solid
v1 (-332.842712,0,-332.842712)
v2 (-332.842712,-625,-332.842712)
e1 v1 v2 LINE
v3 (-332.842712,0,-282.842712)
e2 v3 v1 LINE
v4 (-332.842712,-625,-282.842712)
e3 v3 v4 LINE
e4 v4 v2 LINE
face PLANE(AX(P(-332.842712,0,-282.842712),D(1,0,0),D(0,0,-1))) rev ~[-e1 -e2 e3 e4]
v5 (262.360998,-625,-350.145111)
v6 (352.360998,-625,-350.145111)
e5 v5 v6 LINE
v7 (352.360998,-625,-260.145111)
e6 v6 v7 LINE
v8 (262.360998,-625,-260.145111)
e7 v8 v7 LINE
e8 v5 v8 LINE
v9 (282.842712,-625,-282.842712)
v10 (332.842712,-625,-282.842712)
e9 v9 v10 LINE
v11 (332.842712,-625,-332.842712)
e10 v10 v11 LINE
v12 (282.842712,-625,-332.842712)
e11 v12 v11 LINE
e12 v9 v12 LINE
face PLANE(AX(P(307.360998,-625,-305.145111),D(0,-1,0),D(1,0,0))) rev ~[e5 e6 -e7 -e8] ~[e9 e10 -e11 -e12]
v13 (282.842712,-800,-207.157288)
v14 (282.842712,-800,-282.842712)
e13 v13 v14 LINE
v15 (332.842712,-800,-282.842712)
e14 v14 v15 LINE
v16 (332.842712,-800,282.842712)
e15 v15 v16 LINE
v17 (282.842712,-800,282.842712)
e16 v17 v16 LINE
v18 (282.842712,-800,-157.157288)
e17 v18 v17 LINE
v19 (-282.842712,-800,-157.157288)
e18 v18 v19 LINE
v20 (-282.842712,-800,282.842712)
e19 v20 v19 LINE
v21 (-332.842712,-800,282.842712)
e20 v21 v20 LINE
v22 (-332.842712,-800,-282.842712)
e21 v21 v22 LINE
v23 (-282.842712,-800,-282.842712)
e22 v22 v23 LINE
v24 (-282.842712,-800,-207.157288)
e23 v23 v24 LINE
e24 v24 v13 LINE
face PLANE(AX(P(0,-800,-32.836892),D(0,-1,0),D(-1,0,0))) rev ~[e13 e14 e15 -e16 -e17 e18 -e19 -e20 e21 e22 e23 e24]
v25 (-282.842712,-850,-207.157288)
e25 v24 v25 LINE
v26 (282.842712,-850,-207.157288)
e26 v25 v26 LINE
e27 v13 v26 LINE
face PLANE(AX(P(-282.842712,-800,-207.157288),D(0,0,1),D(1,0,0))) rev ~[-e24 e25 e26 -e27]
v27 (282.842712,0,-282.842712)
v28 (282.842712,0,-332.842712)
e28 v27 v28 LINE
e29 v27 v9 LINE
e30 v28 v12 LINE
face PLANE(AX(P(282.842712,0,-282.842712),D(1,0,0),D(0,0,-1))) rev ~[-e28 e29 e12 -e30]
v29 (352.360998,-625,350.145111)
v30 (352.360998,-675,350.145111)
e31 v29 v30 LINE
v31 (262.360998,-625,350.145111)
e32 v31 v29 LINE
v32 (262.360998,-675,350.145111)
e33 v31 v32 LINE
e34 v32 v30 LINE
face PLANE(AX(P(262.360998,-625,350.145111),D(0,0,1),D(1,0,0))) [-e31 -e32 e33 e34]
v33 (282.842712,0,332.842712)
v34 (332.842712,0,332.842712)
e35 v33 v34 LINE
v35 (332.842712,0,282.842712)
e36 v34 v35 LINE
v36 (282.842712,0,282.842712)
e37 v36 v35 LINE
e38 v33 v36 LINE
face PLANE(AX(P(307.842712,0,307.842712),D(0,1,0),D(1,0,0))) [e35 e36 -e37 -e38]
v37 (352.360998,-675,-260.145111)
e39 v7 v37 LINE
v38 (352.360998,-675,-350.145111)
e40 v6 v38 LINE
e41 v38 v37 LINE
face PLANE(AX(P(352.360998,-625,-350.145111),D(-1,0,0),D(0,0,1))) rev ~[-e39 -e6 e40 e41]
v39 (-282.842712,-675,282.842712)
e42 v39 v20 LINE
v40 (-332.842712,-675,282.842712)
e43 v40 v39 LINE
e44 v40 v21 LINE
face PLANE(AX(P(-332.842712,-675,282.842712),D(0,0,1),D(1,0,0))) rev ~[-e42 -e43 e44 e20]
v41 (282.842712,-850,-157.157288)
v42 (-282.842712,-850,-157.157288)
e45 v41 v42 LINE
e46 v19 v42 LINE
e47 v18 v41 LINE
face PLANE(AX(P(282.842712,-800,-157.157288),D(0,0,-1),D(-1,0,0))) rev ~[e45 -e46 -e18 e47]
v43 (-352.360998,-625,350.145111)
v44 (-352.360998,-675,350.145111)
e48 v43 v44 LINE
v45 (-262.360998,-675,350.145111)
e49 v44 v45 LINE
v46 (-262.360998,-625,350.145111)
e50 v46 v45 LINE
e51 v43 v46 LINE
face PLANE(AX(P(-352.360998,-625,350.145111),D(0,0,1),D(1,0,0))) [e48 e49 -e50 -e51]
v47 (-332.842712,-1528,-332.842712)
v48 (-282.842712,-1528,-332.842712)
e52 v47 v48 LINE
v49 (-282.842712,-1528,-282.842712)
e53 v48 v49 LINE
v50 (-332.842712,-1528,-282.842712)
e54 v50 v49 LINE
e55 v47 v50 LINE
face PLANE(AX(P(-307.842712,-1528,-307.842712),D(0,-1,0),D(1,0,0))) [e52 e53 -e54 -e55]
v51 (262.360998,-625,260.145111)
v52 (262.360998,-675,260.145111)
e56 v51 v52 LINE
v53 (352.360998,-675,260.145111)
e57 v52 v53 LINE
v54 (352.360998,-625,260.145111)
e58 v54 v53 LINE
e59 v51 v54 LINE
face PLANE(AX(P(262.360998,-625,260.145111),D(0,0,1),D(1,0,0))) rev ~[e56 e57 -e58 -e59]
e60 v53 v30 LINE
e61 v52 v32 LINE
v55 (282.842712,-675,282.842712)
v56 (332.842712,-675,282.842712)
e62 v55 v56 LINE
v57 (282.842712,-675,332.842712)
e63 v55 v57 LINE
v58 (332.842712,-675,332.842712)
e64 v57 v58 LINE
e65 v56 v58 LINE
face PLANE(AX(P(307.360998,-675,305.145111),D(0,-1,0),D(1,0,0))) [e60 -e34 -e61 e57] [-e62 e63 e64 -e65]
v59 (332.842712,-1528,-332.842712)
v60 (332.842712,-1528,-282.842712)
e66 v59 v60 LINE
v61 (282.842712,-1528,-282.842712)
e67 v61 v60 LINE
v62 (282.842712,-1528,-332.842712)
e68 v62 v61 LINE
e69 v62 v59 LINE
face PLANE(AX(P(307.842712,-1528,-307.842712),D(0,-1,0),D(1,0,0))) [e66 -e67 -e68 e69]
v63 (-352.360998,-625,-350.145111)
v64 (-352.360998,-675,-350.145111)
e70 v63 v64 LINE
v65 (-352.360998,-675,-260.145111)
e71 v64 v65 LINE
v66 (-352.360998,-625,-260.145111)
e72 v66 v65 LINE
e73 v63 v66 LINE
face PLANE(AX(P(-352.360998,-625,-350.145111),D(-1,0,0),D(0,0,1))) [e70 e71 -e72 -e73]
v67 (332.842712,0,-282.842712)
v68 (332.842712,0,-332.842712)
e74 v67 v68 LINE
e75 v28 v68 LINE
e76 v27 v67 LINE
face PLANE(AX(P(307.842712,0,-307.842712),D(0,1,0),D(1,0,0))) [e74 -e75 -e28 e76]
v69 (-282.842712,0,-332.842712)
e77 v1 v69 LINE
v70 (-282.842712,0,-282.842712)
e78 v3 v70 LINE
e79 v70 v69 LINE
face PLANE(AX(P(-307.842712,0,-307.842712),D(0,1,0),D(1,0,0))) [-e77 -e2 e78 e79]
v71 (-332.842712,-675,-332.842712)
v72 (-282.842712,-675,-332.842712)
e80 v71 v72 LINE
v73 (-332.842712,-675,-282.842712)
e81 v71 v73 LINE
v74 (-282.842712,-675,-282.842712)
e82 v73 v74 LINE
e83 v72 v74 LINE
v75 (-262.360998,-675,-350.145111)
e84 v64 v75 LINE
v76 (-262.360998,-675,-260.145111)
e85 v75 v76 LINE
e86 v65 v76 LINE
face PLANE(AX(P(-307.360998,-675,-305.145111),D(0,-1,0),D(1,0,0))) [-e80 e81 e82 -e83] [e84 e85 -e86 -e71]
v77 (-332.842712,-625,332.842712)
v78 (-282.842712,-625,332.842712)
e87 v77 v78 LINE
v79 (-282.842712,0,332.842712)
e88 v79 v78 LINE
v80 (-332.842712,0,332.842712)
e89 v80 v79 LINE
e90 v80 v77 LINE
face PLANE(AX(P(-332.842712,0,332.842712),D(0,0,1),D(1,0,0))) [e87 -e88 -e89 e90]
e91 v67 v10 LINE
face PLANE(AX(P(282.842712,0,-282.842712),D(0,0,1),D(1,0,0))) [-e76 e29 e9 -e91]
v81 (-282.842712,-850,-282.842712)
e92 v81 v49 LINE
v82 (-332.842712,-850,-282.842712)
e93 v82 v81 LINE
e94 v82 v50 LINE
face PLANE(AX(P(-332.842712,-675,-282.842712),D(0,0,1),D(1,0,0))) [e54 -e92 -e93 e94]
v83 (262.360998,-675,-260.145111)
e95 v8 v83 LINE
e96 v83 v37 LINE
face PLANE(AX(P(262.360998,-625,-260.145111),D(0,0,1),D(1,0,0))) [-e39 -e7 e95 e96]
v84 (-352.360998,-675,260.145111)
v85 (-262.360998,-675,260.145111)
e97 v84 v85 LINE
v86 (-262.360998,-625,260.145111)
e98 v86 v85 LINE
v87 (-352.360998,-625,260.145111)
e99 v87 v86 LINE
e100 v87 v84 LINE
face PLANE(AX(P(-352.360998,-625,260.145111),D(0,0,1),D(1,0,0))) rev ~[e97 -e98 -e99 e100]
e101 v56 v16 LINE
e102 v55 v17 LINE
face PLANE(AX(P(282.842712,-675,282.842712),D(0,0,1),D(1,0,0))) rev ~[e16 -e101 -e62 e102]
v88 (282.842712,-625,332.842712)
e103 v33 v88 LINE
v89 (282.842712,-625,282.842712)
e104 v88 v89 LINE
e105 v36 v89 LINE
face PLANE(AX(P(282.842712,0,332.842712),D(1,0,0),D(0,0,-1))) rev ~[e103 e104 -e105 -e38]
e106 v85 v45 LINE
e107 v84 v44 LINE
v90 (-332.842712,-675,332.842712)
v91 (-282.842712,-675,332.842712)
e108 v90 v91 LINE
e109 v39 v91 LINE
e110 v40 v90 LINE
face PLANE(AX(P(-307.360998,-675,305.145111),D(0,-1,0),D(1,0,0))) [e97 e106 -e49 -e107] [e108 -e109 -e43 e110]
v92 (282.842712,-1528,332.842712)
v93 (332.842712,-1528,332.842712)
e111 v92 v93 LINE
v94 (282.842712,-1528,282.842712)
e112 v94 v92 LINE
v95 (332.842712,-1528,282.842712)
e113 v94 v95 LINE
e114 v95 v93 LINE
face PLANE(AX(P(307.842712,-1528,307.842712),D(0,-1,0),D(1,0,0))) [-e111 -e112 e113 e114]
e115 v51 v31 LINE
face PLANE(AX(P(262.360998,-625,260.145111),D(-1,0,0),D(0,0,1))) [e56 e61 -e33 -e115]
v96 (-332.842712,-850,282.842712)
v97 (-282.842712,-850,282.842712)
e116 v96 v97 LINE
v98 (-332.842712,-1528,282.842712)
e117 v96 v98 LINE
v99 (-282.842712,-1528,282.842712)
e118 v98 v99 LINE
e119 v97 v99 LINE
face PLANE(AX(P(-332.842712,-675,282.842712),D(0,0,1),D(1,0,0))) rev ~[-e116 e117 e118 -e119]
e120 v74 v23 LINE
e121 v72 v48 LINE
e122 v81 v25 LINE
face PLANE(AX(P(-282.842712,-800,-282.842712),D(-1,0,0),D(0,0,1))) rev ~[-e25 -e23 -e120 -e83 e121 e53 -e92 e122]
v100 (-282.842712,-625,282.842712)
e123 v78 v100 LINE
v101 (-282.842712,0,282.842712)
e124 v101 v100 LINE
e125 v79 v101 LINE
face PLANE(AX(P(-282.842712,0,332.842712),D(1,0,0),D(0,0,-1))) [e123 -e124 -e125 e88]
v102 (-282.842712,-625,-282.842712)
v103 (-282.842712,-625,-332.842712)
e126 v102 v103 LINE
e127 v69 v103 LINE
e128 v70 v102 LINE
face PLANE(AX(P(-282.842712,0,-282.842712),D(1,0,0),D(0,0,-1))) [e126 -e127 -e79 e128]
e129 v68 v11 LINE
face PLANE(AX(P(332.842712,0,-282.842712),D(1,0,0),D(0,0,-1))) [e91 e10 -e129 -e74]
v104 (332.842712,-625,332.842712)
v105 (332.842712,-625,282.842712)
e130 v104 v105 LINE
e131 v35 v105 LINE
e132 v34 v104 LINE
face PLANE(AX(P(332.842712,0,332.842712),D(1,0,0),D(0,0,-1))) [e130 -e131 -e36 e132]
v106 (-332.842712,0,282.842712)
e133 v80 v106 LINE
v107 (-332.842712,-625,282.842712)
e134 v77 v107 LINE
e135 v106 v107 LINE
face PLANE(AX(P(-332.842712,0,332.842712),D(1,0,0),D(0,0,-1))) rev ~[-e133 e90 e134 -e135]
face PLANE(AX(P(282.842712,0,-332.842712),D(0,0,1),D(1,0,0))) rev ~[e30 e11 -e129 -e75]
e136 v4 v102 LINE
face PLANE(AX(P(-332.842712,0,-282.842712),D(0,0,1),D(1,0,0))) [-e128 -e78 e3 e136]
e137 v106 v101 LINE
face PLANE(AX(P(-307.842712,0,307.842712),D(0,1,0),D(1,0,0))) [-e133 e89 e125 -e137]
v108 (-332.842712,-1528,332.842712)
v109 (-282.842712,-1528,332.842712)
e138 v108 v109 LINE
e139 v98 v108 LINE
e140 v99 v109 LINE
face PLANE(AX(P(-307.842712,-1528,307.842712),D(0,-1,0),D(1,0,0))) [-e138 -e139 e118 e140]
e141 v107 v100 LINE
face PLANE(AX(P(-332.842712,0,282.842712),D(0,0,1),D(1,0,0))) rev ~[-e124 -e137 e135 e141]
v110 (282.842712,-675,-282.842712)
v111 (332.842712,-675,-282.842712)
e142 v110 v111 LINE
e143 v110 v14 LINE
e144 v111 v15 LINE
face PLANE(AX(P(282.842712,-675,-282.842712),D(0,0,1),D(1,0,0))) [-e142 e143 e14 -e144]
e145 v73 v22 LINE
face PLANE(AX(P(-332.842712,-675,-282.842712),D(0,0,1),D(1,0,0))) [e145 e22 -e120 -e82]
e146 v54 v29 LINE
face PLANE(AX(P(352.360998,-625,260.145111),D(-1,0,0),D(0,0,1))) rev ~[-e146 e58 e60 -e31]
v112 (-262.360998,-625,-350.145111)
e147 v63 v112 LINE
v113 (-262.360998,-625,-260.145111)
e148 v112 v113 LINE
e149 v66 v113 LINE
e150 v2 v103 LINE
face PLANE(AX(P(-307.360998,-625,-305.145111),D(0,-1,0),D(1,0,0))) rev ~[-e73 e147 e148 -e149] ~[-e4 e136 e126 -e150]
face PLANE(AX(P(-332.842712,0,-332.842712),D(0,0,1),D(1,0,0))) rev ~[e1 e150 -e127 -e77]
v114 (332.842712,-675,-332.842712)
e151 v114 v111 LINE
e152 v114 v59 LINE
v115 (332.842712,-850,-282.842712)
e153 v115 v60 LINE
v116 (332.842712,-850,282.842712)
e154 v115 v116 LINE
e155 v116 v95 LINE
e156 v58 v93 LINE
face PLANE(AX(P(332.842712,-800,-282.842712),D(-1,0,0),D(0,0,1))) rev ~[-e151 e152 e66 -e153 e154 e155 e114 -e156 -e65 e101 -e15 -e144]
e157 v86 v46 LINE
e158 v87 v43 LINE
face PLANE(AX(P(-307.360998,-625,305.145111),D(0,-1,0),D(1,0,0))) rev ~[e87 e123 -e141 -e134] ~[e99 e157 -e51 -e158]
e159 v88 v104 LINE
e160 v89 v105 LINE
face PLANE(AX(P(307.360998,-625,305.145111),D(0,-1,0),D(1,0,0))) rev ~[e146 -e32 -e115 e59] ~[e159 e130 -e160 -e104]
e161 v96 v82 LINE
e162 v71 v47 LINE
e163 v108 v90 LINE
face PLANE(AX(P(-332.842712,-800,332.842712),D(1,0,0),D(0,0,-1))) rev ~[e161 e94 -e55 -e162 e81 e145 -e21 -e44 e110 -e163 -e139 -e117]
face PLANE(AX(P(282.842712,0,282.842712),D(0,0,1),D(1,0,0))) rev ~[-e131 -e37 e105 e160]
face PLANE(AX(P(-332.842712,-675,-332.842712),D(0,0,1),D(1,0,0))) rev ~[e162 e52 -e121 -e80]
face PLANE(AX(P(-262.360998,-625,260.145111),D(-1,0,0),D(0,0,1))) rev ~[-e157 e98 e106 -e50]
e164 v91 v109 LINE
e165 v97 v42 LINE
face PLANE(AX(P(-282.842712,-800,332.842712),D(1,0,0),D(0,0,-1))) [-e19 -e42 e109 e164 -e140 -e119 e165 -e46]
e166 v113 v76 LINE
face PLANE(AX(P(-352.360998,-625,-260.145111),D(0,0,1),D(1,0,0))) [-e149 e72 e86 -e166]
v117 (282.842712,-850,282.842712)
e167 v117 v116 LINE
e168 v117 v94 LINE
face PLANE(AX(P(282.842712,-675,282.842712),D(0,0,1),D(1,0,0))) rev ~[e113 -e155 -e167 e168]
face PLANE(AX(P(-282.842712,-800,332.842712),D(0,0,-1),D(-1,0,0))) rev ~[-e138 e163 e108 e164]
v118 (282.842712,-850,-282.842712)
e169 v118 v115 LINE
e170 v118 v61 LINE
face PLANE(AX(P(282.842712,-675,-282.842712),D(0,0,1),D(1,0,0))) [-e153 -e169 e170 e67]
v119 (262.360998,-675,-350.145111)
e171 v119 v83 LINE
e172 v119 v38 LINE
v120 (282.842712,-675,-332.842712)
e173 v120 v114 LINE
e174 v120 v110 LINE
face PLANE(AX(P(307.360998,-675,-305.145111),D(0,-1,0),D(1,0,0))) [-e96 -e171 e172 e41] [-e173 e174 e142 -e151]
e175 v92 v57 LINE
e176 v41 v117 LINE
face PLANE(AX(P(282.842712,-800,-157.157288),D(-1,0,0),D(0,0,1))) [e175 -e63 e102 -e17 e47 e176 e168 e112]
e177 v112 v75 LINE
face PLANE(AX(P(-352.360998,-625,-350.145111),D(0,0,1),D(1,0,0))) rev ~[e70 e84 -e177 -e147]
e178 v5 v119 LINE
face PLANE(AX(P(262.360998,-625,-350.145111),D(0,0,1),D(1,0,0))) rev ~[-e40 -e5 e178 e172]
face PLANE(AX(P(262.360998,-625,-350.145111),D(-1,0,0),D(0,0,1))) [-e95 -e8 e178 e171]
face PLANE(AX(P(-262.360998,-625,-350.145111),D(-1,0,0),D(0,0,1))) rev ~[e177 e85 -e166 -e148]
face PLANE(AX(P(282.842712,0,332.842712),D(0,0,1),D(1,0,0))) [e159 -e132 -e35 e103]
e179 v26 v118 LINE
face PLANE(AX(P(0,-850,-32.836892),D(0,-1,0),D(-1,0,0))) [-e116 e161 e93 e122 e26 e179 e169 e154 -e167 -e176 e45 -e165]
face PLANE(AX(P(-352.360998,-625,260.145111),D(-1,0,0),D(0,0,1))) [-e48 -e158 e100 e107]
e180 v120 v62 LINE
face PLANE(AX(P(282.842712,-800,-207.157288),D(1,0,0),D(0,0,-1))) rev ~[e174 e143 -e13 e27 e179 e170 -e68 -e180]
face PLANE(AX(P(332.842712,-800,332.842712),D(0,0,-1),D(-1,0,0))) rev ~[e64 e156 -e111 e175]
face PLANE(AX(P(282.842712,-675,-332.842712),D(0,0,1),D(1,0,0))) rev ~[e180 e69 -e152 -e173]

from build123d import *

# Parameters (mm, degrees)
CROQUIS1_W                = 50
CROQUIS1_H                = 50
SALIENTE_EXTRUIR1_DEPTH   = 625
SALIENTE_EXTRUIR1_2_DEPTH = 625
SALIENTE_EXTRUIR1_3_DEPTH = 625
SALIENTE_EXTRUIR1_4_DEPTH = 625
CROQUIS2_W                = 90
CROQUIS2_H                = 90
SALIENTE_EXTRUIR2_DEPTH   = 50
CROQUIS4_W                = 50
CROQUIS4_H                = 50
SALIENTE_EXTRUIR3_DEPTH   = 853
SALIENTE_EXTRUIR4_DEPTH   = 50


with BuildPart() as part:
    # Croquis1 → Saliente-Extruir1 (new body)
    with BuildSketch(Plane(origin=(0, 0, 0), x_dir=(1, 0, 0), z_dir=(0, 1, 0))):
        with Locations((-307.842712475, 307.842712475)):
            Rectangle(CROQUIS1_W, CROQUIS1_H)
    extrude(amount=-SALIENTE_EXTRUIR1_DEPTH)



with BuildPart() as body_2:
    # Croquis1 → Saliente-Extruir1 2 (new body)
    with BuildSketch(Plane(origin=(0, 0, 0), x_dir=(1, 0, 0), z_dir=(0, 1, 0))):
        with Locations((307.842712475, 307.842712475)):
            Rectangle(CROQUIS1_W, CROQUIS1_H)
    extrude(amount=-SALIENTE_EXTRUIR1_2_DEPTH)


with BuildPart() as body_3:
    # Croquis1 → Saliente-Extruir1 3 (new body)
    with BuildSketch(Plane(origin=(0, 0, 0), x_dir=(1, 0, 0), z_dir=(0, 1, 0))):
        with Locations((-307.842712475, -307.842712475)):
            Rectangle(CROQUIS1_W, CROQUIS1_H)
    extrude(amount=-SALIENTE_EXTRUIR1_3_DEPTH)


with BuildPart() as body_4:
    # Croquis1 → Saliente-Extruir1 4 (new body)
    with BuildSketch(Plane(origin=(0, 0, 0), x_dir=(1, 0, 0), z_dir=(0, 1, 0))):
        with Locations((307.842712475, -307.842712475)):
            Rectangle(CROQUIS1_W, CROQUIS1_H)
    extrude(amount=-SALIENTE_EXTRUIR1_4_DEPTH)


with BuildPart() as part_1:
    add(part.part)

    add(body_2.part)  # Saliente-Extruir2 merges body 2

    add(body_3.part)  # Saliente-Extruir2 merges body 3

    add(body_4.part)  # Saliente-Extruir2 merges body 4
    # Croquis2 → Saliente-Extruir2 (add)
    with BuildSketch(Plane.XZ.offset(625)):
        with Locations((-307.360997504, 305.1451107)):
            Rectangle(CROQUIS2_W, CROQUIS2_H)
        with Locations((307.360997504, 305.1451107)):
            Rectangle(CROQUIS2_W, CROQUIS2_H)
        with Locations((307.360997504, -305.1451107)):
            Rectangle(CROQUIS2_W, CROQUIS2_H)
        with Locations((-307.360997504, -305.1451107)):
            Rectangle(CROQUIS2_W, CROQUIS2_H)
    extrude(amount=SALIENTE_EXTRUIR2_DEPTH)

    # Croquis4 → Saliente-Extruir3 (add)
    with BuildSketch(Plane.XZ.offset(675)):
        with Locations((-307.842712475, 307.842712475)):
            Rectangle(CROQUIS4_W, CROQUIS4_H)
        with Locations((-307.842712475, -307.842712475)):
            Rectangle(CROQUIS4_W, CROQUIS4_H)
        with Locations((307.842712475, 307.842712475)):
            Rectangle(CROQUIS4_W, CROQUIS4_H)
        with Locations((307.842712475, -307.842712475)):
            Rectangle(CROQUIS4_W, CROQUIS4_H)
    extrude(amount=SALIENTE_EXTRUIR3_DEPTH)

    # Croquis6 → Saliente-Extruir4 (add)
    with BuildSketch(Plane(origin=(0, -800, 0), x_dir=(1, 0, 0), z_dir=(0, 1, 0))):
        Polygon((332.842712475, 282.842712475), (332.842712475, -332.842712475), (282.842712475, -332.842712475), (282.842712475, -282.842712475), (282.842712475, 157.157287525), (-282.842712475, 157.157287525), (-282.842712475, -282.842712475), (-282.842712475, -332.842712475), (-332.842712475, -332.842712475), (-332.842712475, 282.842712475), (-282.842712475, 282.842712475), (-282.842712475, 207.157287525), (282.842712475, 207.157287525), (282.842712475, 282.842712475), align=None)
    extrude(amount=-SALIENTE_EXTRUIR4_DEPTH)


solid = part_1.part
